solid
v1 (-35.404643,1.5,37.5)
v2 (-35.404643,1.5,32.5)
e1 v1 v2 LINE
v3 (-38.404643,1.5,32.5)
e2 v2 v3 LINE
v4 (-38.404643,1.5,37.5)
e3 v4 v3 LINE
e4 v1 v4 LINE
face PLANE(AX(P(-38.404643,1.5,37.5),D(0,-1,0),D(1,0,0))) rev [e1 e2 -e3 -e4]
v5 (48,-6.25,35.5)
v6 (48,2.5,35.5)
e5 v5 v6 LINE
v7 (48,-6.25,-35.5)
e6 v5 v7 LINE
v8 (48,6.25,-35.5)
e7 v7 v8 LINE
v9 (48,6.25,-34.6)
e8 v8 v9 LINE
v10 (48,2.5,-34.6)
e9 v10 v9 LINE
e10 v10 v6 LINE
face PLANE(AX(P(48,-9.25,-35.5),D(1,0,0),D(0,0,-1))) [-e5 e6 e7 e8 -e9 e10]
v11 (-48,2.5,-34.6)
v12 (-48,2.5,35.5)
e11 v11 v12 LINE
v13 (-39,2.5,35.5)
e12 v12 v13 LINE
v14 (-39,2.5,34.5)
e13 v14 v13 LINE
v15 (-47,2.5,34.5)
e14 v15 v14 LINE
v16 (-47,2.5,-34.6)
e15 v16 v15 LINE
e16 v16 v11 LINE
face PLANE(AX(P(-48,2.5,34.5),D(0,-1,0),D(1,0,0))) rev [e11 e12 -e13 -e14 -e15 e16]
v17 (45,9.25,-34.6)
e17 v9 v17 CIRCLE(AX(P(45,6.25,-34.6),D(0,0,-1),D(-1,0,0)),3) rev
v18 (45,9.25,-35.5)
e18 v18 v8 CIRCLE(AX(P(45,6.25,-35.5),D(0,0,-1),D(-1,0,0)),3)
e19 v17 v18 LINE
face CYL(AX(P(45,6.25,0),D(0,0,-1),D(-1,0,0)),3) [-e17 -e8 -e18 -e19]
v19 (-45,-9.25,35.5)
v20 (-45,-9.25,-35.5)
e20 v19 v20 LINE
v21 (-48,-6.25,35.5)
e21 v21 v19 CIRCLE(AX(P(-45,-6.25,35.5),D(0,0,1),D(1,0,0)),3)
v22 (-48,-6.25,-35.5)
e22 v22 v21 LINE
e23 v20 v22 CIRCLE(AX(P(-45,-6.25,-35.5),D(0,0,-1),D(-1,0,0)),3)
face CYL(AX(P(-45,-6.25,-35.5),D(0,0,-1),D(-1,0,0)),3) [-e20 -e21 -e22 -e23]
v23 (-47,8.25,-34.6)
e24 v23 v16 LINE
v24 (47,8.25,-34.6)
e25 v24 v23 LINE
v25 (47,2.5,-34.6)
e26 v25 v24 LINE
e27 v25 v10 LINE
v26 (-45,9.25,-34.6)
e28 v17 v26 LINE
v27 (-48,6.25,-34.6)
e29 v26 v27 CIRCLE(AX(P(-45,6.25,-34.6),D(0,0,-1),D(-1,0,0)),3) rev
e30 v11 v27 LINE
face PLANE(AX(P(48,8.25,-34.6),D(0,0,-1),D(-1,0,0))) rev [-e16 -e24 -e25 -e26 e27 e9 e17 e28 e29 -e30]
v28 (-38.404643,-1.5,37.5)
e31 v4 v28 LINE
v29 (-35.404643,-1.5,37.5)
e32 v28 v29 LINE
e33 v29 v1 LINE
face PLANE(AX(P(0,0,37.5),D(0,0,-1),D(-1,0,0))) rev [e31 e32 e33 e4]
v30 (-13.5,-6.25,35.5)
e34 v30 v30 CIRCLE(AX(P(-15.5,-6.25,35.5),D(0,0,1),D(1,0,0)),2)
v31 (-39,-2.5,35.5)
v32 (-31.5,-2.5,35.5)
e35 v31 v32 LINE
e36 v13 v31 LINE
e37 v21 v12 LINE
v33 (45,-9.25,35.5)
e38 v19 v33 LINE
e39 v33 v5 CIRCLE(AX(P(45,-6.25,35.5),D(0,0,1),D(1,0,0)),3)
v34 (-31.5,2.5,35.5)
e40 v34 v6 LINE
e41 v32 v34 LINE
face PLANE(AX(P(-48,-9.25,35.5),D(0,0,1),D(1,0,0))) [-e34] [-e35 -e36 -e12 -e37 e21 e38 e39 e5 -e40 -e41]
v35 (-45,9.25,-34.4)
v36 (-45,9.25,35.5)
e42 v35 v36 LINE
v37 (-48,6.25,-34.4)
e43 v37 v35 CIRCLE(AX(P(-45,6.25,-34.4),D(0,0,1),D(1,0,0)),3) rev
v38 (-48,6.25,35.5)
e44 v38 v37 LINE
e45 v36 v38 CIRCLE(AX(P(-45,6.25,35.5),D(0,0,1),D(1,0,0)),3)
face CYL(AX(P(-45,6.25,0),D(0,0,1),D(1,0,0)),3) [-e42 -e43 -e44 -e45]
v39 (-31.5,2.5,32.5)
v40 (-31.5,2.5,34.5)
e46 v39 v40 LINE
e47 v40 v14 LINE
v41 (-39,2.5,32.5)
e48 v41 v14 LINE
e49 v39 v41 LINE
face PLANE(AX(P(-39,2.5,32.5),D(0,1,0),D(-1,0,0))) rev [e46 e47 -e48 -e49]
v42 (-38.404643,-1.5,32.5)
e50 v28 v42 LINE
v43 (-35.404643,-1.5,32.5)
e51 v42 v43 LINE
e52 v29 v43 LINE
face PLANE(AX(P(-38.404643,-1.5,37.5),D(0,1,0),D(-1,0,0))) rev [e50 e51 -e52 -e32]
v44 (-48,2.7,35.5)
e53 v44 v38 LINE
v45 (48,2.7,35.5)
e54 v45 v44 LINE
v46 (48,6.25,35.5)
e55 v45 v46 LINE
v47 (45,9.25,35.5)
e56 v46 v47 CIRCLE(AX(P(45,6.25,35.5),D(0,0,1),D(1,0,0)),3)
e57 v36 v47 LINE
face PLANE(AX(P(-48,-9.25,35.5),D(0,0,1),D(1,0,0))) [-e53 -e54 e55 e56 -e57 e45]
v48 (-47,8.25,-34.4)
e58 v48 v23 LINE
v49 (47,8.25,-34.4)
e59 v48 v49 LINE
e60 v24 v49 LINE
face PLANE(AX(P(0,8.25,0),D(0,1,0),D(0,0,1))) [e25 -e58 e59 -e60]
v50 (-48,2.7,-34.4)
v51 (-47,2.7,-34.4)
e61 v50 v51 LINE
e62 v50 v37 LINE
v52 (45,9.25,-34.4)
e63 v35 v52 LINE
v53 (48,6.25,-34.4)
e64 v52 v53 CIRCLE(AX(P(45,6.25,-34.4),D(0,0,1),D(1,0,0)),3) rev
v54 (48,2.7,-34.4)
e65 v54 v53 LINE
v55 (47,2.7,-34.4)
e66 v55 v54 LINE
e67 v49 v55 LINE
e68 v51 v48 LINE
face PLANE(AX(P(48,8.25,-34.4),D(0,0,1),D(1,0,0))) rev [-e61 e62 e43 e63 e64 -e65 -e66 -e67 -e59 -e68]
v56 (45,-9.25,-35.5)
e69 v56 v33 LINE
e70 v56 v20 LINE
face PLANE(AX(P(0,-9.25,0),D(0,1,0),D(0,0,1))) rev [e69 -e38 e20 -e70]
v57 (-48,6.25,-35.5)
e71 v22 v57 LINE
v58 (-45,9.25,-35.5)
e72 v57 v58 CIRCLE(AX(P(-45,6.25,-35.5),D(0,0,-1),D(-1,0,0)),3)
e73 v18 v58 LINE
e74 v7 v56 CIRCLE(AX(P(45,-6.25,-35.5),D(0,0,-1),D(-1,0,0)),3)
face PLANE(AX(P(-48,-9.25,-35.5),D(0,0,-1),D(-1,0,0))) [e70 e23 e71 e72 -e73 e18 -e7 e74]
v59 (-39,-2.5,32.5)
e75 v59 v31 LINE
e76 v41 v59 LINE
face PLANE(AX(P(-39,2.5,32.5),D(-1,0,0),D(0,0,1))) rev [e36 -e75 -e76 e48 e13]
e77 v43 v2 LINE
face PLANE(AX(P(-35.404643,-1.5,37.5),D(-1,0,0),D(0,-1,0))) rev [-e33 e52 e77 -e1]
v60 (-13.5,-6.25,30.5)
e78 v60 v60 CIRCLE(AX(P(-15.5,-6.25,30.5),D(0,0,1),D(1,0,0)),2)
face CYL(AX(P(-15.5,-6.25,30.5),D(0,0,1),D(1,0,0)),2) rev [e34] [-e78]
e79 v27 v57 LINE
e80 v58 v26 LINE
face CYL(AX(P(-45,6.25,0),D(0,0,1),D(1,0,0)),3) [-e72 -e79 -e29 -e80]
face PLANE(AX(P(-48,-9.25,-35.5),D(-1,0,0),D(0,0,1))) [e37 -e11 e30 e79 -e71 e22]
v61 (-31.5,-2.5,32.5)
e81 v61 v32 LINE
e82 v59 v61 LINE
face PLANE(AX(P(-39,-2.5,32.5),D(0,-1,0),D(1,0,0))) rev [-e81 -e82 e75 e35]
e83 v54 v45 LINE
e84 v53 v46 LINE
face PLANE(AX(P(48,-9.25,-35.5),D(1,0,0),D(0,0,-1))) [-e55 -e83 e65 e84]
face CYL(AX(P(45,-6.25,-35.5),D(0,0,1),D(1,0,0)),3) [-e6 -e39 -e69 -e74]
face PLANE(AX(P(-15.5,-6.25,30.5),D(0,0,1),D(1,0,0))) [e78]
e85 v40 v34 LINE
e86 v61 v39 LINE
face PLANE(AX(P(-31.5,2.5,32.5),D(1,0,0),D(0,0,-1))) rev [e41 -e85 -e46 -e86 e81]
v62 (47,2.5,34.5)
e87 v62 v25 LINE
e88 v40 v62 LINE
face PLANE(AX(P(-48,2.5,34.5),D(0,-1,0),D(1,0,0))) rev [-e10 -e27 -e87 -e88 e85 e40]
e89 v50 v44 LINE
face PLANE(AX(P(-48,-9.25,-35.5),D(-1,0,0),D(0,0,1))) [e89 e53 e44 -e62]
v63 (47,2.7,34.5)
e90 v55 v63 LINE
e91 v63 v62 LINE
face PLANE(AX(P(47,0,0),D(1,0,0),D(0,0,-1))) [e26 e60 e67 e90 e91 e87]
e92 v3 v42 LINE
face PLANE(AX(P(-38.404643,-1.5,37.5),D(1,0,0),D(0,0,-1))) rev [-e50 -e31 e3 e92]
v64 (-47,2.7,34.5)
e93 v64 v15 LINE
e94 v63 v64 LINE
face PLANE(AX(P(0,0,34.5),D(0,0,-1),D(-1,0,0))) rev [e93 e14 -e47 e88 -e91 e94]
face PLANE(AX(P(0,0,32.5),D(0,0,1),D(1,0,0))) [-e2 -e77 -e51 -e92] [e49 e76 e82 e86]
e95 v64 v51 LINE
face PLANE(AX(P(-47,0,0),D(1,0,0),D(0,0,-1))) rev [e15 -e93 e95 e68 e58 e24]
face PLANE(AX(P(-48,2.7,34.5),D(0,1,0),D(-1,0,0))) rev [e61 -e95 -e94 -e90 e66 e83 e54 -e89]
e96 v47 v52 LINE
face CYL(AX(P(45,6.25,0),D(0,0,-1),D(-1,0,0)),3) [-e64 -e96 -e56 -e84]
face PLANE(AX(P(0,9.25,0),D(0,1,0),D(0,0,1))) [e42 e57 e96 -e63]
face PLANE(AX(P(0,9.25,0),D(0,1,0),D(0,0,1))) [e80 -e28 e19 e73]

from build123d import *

# Parameters (mm, degrees)
BOX_DEPTH                         = 9.25
BOX_DEPTH_BACK                    = 9.25
SKETCH1_W                         = 96
SKETCH1_H                         = 71
SKETCH2_W                         = 7.5
SKETCH2_H                         = 5
SWITCH_HOLE_DEPTH                 = 3
SKETCH4_W                         = 3
SKETCH4_H                         = 3
SWITCH_DEPTH                      = 5
SKETCH5_R                         = 2
WIRE_HOLE_DEPTH                   = 5
SKETCH7_W                         = 96
SKETCH7_H                         = 0.2
LID_INDICATOR_FRONT_DEPTH         = 1
SKETCH8_W                         = 70
SKETCH8_H                         = 0.2
LID_INDICATOR_LEFT_DEPTH          = 1
SKETCH9_W                         = 70
SKETCH9_H                         = 0.2
LID_INDICATOR_RIGHT_DEPTH         = 1
SKETCH10_W                        = 96
SKETCH10_H                        = 0.2
LID_INDICATOR_TOP_DEPTH           = 1
SKETCH11_W                        = 0.2
SKETCH11_H                        = 5.75
LID_INDICATOR_LEFT_SNIPPET_DEPTH  = 1
SKETCH12_W                        = 0.2
SKETCH12_H                        = 5.75
LID_INDICATOR_RIGHT_SNIPPET_DEPTH = 1
BOTTOM_ROUND_R                    = 3
TOP_ROUND_R                       = 3


with BuildPart() as part:
    # Sketch1 → Box (new, two sides: drawn at the far end of the back side and taken through both)
    with BuildSketch(Plane(origin=(0, 0, 0), x_dir=(1, 0, 0), z_dir=(0, 1, 0)).offset(-BOX_DEPTH_BACK)):
        Rectangle(SKETCH1_W, SKETCH1_H)
    extrude(amount=BOX_DEPTH + BOX_DEPTH_BACK)

    # Sketch2 → Switch Hole (cut)
    with BuildSketch(Plane.XY.offset(35.5)):
        with Locations((-35.25, 0)):
            Rectangle(SKETCH2_W, SKETCH2_H)
    extrude(amount=-SWITCH_HOLE_DEPTH, mode=Mode.SUBTRACT)

    # Sketch4 → Switch (add)
    with BuildSketch(Plane.XY.offset(32.5)):
        with Locations((-36.90464297, 0)):
            Rectangle(SKETCH4_W, SKETCH4_H)
    extrude(amount=SWITCH_DEPTH)

    # Sketch5 → Wire Hole (cut)
    with BuildSketch(Plane.XY.offset(35.5)):
        with Locations((-15.5, -6.25)):
            Circle(SKETCH5_R)
    extrude(amount=-WIRE_HOLE_DEPTH, mode=Mode.SUBTRACT)

    # Sketch7 → Lid Indicator Front (cut)
    with BuildSketch(Plane.XY.offset(35.5)):
        with Locations((0, 2.6)):
            Rectangle(SKETCH7_W, SKETCH7_H)
    extrude(amount=-LID_INDICATOR_FRONT_DEPTH, mode=Mode.SUBTRACT)

    # Sketch8 → Lid Indicator Left (cut)
    with BuildSketch(Plane.ZY.offset(48)):
        with Locations((0.5, 2.6)):
            Rectangle(SKETCH8_W, SKETCH8_H)
    extrude(amount=-LID_INDICATOR_LEFT_DEPTH, mode=Mode.SUBTRACT)

    # Sketch9 → Lid Indicator Right (cut)
    with BuildSketch(Plane(origin=(48, 0, 0), x_dir=(0, 0, -1), z_dir=(1, 0, 0))):
        with Locations((-0.5, 2.6)):
            Rectangle(SKETCH9_W, SKETCH9_H)
    extrude(amount=-LID_INDICATOR_RIGHT_DEPTH, mode=Mode.SUBTRACT)

    # Sketch10 → Lid Indicator Top (cut)
    with BuildSketch(Plane(origin=(0, 9.25, 0), x_dir=(1, 0, 0), z_dir=(0, 1, 0))):
        with Locations((0, 34.5)):
            Rectangle(SKETCH10_W, SKETCH10_H)
    extrude(amount=-LID_INDICATOR_TOP_DEPTH, mode=Mode.SUBTRACT)

    # Sketch11 → Lid Indicator Left Snippet (cut)
    with BuildSketch(Plane.ZY.offset(48)):
        with Locations((-34.5, 5.375)):
            Rectangle(SKETCH11_W, SKETCH11_H)
    extrude(amount=-LID_INDICATOR_LEFT_SNIPPET_DEPTH, mode=Mode.SUBTRACT)

    # Sketch12 → Lid Indicator Right Snippet (cut)
    with BuildSketch(Plane(origin=(48, 0, 0), x_dir=(0, 0, -1), z_dir=(1, 0, 0))):
        with Locations((34.5, 5.375)):
            Rectangle(SKETCH12_W, SKETCH12_H)
    extrude(amount=-LID_INDICATOR_RIGHT_SNIPPET_DEPTH, mode=Mode.SUBTRACT)

    # Bottom ROund
    bottom_round_edges = [part.edges().sort_by_distance(p)[0] for p in [
        (-48, -9.25, 0),
        (48, -9.25, 0),
    ]]
    fillet(bottom_round_edges, radius=BOTTOM_ROUND_R)

    # Top Round
    top_round_edges = [part.edges().sort_by_distance(p)[0] for p in [
        (48, 9.25, -35.05),
        (-48, 9.25, 0.55),
        (48, 9.25, 0.55),
        (-48, 9.25, -35.05),
    ]]
    fillet(top_round_edges, radius=TOP_ROUND_R)


solid = part.part
